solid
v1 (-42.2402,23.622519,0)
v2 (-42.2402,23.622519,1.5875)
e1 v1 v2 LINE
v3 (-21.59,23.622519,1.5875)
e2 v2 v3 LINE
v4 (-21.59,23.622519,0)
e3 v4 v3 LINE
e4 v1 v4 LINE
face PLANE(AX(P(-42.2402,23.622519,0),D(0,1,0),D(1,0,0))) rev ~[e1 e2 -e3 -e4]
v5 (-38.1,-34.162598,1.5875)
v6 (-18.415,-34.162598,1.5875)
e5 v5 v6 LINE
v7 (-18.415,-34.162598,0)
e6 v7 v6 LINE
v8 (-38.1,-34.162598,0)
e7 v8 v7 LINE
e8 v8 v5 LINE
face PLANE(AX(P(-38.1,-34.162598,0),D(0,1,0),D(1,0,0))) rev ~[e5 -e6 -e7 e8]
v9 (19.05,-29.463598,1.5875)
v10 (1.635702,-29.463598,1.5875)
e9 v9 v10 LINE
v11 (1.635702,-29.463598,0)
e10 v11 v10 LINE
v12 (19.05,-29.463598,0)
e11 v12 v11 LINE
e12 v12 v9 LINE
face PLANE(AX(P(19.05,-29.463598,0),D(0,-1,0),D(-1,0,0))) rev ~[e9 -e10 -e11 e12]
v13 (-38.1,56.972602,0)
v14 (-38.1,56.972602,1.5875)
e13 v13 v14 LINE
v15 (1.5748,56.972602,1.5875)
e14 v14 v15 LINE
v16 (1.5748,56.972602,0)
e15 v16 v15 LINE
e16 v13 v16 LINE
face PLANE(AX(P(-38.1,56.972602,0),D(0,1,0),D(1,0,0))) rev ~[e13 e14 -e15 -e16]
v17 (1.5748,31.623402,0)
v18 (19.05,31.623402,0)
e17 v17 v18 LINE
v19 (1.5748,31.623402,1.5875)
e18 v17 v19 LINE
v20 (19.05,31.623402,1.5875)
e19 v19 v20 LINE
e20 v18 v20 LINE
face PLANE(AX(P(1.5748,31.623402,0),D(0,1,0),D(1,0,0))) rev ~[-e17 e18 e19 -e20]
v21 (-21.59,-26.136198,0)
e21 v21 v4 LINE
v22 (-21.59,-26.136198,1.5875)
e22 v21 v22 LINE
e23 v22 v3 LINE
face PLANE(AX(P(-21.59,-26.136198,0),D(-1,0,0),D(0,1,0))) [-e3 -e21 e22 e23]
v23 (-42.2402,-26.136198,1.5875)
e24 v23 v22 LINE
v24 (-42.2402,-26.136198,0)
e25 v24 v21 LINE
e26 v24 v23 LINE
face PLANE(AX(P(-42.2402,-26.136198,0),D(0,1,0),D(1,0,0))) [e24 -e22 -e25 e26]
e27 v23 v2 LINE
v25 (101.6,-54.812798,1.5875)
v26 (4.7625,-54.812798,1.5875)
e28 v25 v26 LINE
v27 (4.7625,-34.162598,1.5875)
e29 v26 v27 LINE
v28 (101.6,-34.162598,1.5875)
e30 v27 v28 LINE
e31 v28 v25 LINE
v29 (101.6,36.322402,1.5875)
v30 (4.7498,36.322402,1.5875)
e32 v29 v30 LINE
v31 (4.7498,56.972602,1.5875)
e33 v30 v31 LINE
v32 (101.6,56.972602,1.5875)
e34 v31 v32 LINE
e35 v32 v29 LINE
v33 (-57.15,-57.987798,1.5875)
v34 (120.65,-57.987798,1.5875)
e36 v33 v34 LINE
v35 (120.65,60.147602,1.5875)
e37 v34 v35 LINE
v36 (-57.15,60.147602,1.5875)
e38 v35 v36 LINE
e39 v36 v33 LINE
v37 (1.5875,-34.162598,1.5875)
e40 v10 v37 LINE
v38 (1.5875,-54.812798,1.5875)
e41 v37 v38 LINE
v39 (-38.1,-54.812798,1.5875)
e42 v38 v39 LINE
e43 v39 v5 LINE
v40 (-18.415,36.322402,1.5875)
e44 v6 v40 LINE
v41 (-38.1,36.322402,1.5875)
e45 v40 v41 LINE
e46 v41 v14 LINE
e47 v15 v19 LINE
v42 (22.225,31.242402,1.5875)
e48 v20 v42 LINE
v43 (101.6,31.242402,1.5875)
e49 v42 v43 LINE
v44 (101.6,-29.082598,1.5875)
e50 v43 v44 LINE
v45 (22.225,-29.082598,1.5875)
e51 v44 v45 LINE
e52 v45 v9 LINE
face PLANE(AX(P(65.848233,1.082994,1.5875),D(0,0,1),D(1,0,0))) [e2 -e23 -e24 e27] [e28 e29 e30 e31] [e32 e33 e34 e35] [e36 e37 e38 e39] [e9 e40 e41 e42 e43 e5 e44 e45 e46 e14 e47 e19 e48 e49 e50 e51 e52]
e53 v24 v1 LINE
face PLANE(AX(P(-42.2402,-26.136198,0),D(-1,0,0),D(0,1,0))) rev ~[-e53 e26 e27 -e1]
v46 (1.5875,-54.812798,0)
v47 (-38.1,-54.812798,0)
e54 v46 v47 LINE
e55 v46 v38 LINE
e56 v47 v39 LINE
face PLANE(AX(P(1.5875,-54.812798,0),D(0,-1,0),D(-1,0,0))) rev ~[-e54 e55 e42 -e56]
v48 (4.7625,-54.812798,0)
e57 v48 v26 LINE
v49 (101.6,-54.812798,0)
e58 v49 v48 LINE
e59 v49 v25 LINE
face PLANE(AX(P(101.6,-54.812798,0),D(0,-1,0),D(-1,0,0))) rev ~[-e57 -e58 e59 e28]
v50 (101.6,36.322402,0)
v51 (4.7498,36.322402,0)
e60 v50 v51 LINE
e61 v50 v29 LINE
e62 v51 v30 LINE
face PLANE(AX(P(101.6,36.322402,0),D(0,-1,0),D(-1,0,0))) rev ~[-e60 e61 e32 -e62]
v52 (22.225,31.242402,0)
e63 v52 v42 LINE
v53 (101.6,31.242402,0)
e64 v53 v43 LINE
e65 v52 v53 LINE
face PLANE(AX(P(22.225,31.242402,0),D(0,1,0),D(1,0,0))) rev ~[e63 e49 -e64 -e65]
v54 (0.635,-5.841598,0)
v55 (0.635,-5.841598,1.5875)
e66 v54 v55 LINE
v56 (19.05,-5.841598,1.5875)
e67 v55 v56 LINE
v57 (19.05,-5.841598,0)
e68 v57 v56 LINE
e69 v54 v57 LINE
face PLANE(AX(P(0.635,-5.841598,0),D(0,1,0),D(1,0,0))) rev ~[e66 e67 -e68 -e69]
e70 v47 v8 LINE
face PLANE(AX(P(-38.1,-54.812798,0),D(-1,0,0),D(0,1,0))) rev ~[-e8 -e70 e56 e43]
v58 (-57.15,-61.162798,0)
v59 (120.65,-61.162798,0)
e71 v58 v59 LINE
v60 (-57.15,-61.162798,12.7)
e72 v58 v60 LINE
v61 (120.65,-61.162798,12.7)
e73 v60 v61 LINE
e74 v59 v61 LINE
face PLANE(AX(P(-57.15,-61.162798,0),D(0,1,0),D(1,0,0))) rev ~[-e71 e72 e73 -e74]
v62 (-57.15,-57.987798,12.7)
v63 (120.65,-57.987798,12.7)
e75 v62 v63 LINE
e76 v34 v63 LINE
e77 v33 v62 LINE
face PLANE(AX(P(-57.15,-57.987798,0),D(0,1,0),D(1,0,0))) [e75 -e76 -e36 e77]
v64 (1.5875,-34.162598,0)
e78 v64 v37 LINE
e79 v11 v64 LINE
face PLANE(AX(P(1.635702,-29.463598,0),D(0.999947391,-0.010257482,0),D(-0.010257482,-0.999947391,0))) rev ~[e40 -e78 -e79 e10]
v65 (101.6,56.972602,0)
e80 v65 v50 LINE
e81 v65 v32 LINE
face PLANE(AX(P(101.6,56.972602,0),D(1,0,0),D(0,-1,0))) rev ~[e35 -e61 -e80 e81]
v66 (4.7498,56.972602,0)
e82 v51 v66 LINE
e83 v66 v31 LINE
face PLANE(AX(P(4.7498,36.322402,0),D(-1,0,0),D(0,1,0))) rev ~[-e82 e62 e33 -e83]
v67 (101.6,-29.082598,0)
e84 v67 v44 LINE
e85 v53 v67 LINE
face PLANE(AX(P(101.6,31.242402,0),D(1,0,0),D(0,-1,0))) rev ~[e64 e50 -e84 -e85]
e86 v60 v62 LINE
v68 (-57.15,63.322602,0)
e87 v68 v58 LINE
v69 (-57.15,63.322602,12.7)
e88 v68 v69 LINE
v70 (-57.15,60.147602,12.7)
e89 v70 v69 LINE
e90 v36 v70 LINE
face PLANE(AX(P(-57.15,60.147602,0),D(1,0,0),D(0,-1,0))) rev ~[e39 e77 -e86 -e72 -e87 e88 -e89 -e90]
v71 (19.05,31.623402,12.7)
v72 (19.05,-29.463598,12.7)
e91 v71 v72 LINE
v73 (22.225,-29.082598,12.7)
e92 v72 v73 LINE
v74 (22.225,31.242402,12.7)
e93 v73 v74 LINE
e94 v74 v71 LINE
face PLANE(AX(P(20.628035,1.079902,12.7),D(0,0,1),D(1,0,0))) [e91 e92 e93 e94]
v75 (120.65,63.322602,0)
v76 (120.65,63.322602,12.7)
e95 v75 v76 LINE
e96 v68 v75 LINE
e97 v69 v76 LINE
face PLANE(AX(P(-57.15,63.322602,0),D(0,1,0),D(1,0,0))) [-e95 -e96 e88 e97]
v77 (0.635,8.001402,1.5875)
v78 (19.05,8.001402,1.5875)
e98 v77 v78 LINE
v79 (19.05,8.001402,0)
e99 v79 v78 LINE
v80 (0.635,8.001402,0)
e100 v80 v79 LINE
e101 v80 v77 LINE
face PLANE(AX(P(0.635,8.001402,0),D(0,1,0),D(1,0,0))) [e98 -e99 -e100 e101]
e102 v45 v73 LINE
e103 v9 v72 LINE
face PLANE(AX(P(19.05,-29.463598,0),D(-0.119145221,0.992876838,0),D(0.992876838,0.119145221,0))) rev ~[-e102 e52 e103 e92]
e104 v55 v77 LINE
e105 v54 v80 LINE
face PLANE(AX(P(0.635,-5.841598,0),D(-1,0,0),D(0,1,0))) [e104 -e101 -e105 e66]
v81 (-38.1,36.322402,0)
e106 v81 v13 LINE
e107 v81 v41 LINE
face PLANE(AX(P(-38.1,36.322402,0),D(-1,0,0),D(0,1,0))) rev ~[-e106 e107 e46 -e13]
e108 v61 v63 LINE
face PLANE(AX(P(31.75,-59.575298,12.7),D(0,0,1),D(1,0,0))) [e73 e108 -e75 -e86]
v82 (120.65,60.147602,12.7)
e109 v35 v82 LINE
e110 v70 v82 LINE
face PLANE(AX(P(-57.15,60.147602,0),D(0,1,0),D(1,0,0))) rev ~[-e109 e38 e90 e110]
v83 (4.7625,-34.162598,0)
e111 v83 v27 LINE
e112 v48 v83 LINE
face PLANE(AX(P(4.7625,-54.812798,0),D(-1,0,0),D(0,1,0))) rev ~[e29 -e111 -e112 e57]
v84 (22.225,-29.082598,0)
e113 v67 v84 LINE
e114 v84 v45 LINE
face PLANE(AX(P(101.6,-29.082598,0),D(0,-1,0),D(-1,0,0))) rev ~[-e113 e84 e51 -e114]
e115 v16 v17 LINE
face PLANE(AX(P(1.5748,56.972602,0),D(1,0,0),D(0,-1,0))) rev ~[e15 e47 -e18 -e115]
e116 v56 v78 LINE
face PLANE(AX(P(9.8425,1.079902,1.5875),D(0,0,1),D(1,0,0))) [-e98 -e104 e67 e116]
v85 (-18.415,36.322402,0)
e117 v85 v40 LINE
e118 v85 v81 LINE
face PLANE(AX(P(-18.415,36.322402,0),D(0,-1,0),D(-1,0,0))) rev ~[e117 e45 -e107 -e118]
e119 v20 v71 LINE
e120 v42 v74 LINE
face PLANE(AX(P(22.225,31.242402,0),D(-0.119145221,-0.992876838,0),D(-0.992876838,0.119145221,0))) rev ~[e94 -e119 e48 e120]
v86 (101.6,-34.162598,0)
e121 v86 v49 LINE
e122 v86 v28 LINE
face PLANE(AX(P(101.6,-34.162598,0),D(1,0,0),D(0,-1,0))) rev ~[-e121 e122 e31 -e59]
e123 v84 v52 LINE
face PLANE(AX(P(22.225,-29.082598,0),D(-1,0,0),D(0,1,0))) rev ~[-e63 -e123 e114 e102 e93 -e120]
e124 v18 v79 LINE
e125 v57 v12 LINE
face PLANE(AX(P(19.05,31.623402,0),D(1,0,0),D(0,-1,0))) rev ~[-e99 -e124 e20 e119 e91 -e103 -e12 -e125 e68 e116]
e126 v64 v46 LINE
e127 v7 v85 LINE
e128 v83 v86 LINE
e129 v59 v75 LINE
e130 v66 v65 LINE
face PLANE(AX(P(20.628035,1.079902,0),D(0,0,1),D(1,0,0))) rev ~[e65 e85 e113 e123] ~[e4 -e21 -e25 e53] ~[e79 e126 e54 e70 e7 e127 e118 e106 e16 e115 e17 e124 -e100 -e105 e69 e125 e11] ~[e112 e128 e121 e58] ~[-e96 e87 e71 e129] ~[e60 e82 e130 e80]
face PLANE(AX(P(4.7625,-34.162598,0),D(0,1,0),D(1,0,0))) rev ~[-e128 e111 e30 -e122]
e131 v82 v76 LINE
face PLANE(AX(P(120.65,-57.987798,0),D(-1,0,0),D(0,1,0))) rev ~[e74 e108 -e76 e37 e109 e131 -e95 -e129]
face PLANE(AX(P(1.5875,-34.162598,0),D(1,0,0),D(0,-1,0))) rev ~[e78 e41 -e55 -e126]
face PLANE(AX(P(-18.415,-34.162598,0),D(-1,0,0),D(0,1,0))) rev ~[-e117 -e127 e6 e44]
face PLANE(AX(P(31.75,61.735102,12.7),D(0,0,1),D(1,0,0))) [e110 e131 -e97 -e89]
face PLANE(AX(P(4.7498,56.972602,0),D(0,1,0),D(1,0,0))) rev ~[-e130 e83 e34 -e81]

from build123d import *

# Parameters (mm, degrees)
F0_W     = 18.415
F0_H     = 13.843
F1_DEPTH = 1.5875
F0_W_2   = 20.6502
F0_H_2   = 49.7587174177
F0_W_3   = 177.8
F0_H_3   = 3.175
F2_DEPTH = 12.7


with BuildPart() as f1:
    # F0 (on Top) → F1 (new body)
    with BuildSketch(Plane.XY):
        with Locations((9.8425, 1.0799015641)):
            Rectangle(F0_W, F0_H)
    extrude(amount=F1_DEPTH)



with BuildPart() as f1b:
    # F0 (on Top) → F1, piece 2 (new body)
    with BuildSketch(Plane.XY):
        Polygon((120.65, -54.8127984359), (120.65, 56.9726015641), (101.6, 56.9726015641), (101.6, 36.3224015641), (4.7498, 36.3224015641), (4.7498, 56.9726015641), (1.5748, 56.9726015641), (1.5748, 33.1474015641), (1.5748, 31.6234015641), (19.05, 31.6234015641), (22.225, 31.2424015641), (101.6, 31.2424015641), (101.6, -29.0825984359), (22.225, -29.0825984359), (19.05, -29.4635984359), (1.6357024433, -29.4635984359), (1.5875, -34.1625984359), (1.5875, -54.8127984359), (4.7625, -54.8127984359), (4.7625, -34.1625984359), (101.6, -34.1625984359), (101.6, -54.8127984359), align=None)
        Polygon((-38.1, 56.9726015641), (-57.15, 56.9726015641), (-57.15, -54.8127984359), (-38.1, -54.8127984359), (-38.1, -34.1625984359), (-18.415, -34.1625984359), (-18.415, 36.3224015641), (-38.1, 36.3224015641), align=None)
        with Locations((-31.9151, -1.256839727)):
            Rectangle(F0_W_2, F0_H_2, mode=Mode.SUBTRACT)
        Polygon((-38.1, -54.8127984359), (-57.15, -54.8127984359), (-57.15, -57.9877984359), (120.65, -57.9877984359), (120.65, -54.8127984359), (101.6, -54.8127984359), (4.7625, -54.8127984359), (1.5875, -54.8127984359), align=None)
        Polygon((120.65, 60.1476015641), (-57.15, 60.1476015641), (-57.15, 56.9726015641), (-38.1, 56.9726015641), (1.5748, 56.9726015641), (4.7498, 56.9726015641), (101.6, 56.9726015641), (120.65, 56.9726015641), align=None)
    extrude(amount=F1_DEPTH)


with BuildPart() as f1_1:
    add(f1.part)

    add(f1b.part)  # F2 merges F1b
    # F0 (on Top) → F2 (join)
    with BuildSketch(Plane.XY):
        Polygon((22.225, 31.2424015641), (19.05, 31.6234015641), (19.05, 8.0014015641), (19.05, -5.8415984359), (19.05, -29.4635984359), (22.225, -29.0825984359), align=None)
        with Locations((31.75, -59.5752984359)):
            Rectangle(F0_W_3, F0_H_3)
        with Locations((31.75, 61.7351015641)):
            Rectangle(F0_W_3, F0_H_3)
    extrude(amount=F2_DEPTH)


solid = f1_1.part
